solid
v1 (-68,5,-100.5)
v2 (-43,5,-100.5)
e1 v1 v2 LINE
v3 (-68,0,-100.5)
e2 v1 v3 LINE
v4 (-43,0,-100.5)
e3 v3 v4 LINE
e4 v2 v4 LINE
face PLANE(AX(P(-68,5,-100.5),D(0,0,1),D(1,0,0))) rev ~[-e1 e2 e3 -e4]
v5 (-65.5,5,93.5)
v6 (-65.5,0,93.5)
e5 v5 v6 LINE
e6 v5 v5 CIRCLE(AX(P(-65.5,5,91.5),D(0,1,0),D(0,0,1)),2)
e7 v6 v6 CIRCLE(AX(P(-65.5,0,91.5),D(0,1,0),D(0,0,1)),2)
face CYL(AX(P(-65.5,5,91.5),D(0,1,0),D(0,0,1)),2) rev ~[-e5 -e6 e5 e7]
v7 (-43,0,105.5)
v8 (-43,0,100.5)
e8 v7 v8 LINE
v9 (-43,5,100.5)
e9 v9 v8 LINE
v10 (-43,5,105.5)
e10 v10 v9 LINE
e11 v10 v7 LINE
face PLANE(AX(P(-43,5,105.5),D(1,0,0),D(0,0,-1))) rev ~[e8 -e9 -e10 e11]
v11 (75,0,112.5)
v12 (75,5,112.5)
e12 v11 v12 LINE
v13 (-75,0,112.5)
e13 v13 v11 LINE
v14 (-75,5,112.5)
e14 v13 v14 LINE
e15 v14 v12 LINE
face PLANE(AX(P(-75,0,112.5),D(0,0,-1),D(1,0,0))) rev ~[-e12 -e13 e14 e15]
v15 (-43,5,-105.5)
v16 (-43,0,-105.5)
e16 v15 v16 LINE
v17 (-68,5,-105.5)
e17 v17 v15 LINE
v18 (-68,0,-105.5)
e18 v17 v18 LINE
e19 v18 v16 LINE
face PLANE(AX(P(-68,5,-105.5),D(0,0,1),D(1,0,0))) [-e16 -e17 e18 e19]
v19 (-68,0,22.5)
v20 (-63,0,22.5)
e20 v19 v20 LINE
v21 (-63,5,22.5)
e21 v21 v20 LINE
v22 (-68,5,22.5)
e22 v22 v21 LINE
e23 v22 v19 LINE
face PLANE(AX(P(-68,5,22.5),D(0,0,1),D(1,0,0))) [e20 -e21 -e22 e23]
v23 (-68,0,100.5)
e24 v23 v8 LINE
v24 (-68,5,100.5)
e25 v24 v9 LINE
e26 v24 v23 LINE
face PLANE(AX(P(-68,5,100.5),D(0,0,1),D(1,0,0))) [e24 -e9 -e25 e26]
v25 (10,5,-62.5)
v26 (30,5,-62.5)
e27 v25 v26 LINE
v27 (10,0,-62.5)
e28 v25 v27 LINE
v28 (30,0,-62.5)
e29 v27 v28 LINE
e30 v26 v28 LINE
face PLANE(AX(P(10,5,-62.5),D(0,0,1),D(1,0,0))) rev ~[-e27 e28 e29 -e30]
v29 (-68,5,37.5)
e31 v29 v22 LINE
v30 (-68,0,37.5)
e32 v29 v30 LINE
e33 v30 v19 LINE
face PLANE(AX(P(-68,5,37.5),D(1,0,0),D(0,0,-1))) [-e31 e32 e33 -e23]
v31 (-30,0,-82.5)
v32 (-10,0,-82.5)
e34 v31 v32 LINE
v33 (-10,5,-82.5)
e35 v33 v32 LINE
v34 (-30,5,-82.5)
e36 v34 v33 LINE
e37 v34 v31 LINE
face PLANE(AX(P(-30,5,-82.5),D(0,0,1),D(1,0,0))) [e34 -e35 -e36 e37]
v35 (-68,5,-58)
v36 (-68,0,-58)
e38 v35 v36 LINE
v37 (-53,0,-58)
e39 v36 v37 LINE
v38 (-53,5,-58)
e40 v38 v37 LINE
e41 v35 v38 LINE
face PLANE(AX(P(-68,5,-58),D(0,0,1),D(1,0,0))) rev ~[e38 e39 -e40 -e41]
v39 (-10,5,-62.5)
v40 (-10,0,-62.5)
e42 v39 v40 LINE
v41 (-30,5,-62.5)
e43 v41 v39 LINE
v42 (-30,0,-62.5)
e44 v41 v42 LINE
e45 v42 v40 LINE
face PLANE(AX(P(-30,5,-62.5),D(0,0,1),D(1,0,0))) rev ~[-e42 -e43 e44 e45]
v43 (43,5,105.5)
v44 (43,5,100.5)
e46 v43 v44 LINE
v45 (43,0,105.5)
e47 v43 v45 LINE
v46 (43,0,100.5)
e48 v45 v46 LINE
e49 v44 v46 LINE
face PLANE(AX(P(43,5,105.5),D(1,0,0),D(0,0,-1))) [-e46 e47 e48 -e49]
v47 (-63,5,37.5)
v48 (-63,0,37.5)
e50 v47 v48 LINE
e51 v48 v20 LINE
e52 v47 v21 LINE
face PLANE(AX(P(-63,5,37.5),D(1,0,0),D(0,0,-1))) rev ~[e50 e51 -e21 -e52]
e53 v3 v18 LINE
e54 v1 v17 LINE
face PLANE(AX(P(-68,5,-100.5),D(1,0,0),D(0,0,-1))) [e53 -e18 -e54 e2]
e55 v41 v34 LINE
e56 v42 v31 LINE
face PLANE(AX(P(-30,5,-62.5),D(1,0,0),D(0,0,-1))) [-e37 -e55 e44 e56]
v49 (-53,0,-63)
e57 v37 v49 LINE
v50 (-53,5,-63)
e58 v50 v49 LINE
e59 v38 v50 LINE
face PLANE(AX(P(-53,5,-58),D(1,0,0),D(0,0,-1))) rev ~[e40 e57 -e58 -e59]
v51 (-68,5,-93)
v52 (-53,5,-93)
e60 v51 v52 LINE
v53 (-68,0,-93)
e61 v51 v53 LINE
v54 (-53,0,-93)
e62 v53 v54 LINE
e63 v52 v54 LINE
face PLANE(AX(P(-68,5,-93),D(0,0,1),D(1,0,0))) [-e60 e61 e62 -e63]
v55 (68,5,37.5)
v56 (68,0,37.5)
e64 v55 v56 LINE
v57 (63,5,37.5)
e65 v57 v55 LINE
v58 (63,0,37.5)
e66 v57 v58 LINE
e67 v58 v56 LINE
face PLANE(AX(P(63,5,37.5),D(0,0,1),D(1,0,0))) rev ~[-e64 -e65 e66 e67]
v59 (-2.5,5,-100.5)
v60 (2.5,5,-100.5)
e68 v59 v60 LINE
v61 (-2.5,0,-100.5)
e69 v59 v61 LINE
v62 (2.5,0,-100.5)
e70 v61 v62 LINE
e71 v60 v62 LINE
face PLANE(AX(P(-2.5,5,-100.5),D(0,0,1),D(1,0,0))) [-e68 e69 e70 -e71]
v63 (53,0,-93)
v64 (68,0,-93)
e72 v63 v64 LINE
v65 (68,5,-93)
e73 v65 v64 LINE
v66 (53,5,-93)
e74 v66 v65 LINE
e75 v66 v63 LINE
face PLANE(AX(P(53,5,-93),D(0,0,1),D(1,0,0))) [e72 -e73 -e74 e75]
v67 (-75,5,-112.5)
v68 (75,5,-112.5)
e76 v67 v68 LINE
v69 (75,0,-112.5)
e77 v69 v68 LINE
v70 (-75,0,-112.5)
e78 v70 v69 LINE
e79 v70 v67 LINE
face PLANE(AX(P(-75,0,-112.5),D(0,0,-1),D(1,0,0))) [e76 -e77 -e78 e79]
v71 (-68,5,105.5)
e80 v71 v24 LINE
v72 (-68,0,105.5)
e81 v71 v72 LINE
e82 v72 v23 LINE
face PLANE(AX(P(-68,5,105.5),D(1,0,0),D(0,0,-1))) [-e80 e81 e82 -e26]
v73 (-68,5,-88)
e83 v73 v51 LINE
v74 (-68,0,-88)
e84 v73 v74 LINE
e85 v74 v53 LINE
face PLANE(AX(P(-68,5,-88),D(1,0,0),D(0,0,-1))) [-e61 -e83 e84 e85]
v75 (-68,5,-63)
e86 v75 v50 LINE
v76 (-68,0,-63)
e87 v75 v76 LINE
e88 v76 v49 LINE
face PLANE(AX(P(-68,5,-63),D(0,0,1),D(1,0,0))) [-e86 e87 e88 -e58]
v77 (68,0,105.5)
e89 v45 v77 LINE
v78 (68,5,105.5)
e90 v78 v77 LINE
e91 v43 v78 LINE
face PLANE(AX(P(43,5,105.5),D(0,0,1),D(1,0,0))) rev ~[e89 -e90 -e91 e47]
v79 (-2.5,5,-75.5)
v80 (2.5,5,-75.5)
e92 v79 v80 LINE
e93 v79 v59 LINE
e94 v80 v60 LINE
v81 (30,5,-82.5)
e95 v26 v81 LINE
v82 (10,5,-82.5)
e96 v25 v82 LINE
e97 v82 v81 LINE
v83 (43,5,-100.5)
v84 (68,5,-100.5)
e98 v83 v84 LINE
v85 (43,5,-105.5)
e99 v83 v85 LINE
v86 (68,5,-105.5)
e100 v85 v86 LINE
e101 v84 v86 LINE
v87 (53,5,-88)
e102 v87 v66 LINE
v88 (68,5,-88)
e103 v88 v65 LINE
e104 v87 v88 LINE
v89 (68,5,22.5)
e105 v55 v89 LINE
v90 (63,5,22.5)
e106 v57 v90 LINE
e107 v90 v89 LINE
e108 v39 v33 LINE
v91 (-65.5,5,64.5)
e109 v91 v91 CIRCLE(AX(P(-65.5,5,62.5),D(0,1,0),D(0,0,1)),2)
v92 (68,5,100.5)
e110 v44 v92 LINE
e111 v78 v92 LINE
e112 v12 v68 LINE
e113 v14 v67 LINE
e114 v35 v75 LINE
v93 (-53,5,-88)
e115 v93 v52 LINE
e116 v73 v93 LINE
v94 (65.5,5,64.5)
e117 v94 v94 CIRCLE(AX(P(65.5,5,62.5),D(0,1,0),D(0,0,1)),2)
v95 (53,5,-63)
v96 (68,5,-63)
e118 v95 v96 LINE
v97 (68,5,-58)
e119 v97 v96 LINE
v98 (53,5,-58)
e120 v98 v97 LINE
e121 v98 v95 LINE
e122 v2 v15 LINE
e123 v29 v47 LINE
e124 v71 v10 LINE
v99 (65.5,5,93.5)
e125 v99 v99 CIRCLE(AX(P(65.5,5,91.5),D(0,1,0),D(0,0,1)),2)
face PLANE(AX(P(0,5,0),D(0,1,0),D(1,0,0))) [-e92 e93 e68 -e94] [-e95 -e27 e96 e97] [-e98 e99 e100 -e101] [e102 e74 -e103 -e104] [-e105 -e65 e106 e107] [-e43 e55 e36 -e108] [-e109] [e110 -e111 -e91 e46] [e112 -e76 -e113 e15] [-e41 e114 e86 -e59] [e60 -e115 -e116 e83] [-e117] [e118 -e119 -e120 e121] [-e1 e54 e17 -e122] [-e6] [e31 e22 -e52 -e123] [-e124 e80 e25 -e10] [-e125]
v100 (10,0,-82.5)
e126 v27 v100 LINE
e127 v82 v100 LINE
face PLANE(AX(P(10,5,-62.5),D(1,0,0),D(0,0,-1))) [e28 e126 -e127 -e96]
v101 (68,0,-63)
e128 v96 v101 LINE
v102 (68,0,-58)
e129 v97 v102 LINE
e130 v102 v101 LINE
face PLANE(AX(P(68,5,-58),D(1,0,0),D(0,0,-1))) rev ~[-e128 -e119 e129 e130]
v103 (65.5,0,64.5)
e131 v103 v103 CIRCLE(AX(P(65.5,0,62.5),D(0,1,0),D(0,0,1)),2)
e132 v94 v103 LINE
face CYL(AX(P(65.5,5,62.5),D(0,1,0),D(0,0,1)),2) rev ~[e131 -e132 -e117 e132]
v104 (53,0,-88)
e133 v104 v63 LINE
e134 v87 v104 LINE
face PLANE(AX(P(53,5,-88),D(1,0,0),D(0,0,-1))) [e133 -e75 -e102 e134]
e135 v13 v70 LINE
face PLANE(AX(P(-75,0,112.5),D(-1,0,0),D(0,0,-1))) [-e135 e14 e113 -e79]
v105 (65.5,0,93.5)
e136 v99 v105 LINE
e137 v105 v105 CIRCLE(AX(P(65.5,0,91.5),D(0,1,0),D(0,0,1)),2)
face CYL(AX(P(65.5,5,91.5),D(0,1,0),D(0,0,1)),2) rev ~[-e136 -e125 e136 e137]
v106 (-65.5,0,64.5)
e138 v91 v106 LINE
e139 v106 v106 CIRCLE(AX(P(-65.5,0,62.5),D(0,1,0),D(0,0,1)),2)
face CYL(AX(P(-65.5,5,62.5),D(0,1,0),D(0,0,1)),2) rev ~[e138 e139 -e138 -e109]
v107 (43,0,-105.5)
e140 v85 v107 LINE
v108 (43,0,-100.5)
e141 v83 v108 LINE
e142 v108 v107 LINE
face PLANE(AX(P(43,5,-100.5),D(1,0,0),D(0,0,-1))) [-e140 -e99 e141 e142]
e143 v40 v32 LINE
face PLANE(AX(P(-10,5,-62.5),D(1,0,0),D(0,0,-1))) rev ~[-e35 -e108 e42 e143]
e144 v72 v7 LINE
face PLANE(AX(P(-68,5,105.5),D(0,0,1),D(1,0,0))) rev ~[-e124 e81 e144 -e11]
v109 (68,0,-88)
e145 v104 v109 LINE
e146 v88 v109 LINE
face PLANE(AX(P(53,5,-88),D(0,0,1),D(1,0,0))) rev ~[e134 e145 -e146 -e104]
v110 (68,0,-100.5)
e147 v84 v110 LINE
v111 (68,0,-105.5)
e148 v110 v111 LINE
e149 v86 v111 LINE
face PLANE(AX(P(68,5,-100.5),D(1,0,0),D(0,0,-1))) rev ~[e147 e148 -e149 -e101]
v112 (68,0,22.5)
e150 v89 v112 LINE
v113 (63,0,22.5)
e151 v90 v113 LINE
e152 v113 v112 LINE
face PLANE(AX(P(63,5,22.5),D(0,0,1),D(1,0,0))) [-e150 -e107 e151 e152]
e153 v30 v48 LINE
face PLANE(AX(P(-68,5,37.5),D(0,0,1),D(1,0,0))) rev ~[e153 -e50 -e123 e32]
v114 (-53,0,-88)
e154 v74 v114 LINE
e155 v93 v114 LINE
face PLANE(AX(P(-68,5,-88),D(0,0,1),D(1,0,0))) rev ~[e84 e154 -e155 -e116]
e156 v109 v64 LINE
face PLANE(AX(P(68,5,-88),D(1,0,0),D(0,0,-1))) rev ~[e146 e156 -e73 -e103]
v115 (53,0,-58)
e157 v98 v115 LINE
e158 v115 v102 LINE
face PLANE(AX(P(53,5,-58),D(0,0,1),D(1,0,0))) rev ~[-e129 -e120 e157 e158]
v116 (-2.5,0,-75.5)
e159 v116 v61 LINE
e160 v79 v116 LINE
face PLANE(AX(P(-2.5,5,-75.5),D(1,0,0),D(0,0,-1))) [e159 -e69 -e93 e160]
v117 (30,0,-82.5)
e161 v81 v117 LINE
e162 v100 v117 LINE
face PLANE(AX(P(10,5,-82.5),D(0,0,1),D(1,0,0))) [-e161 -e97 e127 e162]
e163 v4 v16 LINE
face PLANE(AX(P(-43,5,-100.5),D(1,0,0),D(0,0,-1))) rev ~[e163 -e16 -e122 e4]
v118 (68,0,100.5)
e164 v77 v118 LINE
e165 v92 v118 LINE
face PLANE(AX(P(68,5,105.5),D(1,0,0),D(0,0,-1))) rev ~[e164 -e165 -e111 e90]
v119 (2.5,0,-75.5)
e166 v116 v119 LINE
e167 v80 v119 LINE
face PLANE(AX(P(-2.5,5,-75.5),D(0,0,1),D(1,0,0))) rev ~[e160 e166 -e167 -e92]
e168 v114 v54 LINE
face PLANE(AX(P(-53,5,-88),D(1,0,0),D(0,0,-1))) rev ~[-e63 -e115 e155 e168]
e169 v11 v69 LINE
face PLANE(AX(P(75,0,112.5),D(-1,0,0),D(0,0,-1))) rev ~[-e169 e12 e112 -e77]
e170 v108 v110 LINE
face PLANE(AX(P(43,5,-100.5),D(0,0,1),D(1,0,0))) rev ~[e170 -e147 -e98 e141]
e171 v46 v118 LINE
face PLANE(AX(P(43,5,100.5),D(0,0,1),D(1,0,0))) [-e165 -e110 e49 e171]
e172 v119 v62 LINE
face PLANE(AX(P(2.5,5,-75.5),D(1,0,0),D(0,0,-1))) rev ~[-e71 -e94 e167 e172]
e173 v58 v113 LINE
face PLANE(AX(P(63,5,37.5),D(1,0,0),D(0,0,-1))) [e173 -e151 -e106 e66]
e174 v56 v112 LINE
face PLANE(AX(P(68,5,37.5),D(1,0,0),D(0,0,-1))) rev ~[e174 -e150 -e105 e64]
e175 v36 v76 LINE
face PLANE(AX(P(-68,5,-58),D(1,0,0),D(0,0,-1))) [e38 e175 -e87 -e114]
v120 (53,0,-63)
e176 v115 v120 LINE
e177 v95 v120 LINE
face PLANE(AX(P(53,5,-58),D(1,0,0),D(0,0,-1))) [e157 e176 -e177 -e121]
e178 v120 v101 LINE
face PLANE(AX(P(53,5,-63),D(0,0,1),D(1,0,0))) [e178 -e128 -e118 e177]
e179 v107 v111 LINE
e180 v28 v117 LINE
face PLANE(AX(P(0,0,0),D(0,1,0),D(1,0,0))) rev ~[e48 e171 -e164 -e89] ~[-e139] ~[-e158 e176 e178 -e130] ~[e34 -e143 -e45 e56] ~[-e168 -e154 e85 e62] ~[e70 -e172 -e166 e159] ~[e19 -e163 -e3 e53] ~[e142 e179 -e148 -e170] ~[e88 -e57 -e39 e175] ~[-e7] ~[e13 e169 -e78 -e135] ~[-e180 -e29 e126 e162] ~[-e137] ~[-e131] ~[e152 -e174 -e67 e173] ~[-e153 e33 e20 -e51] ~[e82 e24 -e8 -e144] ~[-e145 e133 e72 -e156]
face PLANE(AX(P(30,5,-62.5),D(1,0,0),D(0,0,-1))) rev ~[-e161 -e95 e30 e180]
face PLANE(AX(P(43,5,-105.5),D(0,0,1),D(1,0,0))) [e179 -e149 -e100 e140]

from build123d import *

# Parameters (mm, degrees)
SKETCH1_W           = 150
SKETCH1_H           = 225
BOSS_EXTRUDE1_DEPTH = 5
SKETCH10_W          = 25
SKETCH10_H          = 5
CUT_EXTRUDE5_DEPTH  = 5
SKETCH11_W          = 15
SKETCH11_H          = 5
CUT_EXTRUDE6_DEPTH  = 5
SKETCH12_W          = 5
SKETCH12_H          = 15
CUT_EXTRUDE7_DEPTH  = 5
SKETCH13_R          = 2
CUT_EXTRUDE8_DEPTH  = 5
SKETCH14_W          = 20
SKETCH14_H          = 20
CUT_EXTRUDE9_DEPTH  = 5
SKETCH15_W          = 5
SKETCH15_H          = 25
CUT_EXTRUDE10_DEPTH = 5


with BuildPart() as part:
    # Sketch1 → Boss-Extrude1 (new body)
    with BuildSketch(Plane(origin=(0, 0, 0), x_dir=(1, 0, 0), z_dir=(0, 1, 0))):
        Rectangle(SKETCH1_W, SKETCH1_H)
    extrude(amount=BOSS_EXTRUDE1_DEPTH)

    # Sketch10 → Cut-Extrude5 (cut)
    with BuildSketch(Plane(origin=(0, 5, 0), x_dir=(1, 0, 0), z_dir=(0, 1, 0))):
        with Locations((-55.5, -103)):
            Rectangle(SKETCH10_W, SKETCH10_H)
        with Locations((-55.5, 103)):
            Rectangle(SKETCH10_W, SKETCH10_H)
        with Locations((55.5, -103)):
            Rectangle(SKETCH10_W, SKETCH10_H)
        with Locations((55.5, 103)):
            Rectangle(SKETCH10_W, SKETCH10_H)
    extrude(amount=-CUT_EXTRUDE5_DEPTH, mode=Mode.SUBTRACT)

    # Sketch11 → Cut-Extrude6 (cut)
    with BuildSketch(Plane(origin=(0, 5, 0), x_dir=(1, 0, 0), z_dir=(0, 1, 0))):
        with Locations((-60.5, 90.5)):
            Rectangle(SKETCH11_W, SKETCH11_H)
        with Locations((60.5, 90.5)):
            Rectangle(SKETCH11_W, SKETCH11_H)
        with Locations((-60.5, 60.5)):
            Rectangle(SKETCH11_W, SKETCH11_H)
        with Locations((60.5, 60.5)):
            Rectangle(SKETCH11_W, SKETCH11_H)
    extrude(amount=-CUT_EXTRUDE6_DEPTH, mode=Mode.SUBTRACT)

    # Sketch12 → Cut-Extrude7 (cut)
    with BuildSketch(Plane(origin=(0, 5, 0), x_dir=(1, 0, 0), z_dir=(0, 1, 0))):
        with Locations((-65.5, -30)):
            Rectangle(SKETCH12_W, SKETCH12_H)
        with Locations((65.5, -30)):
            Rectangle(SKETCH12_W, SKETCH12_H)
    extrude(amount=-CUT_EXTRUDE7_DEPTH, mode=Mode.SUBTRACT)

    # Sketch13 → Cut-Extrude8 (cut)
    with BuildSketch(Plane(origin=(0, 5, 0), x_dir=(1, 0, 0), z_dir=(0, 1, 0))):
        with Locations(Location((-65.5, -62.5, 0), (0, 0, 270))):
            Circle(SKETCH13_R)
        with Locations(Location((-65.5, -91.5, 0), (0, 0, 270))):
            Circle(SKETCH13_R)
        with Locations(Location((65.5, -91.5, 0), (0, 0, 270))):
            Circle(SKETCH13_R)
        with Locations(Location((65.5, -62.5, 0), (0, 0, 270))):
            Circle(SKETCH13_R)
    extrude(amount=-CUT_EXTRUDE8_DEPTH, mode=Mode.SUBTRACT)

    # Sketch14 → Cut-Extrude9 (cut)
    with BuildSketch(Plane(origin=(0, 5, 0), x_dir=(1, 0, 0), z_dir=(0, 1, 0))):
        with Locations((20, 72.5)):
            Rectangle(SKETCH14_W, SKETCH14_H)
        with Locations((-20, 72.5)):
            Rectangle(SKETCH14_W, SKETCH14_H)
    extrude(amount=-CUT_EXTRUDE9_DEPTH, mode=Mode.SUBTRACT)

    # Sketch15 → Cut-Extrude10 (cut)
    with BuildSketch(Plane(origin=(0, 5, 0), x_dir=(1, 0, 0), z_dir=(0, 1, 0))):
        with Locations((0, 88)):
            Rectangle(SKETCH15_W, SKETCH15_H)
    extrude(amount=-CUT_EXTRUDE10_DEPTH, mode=Mode.SUBTRACT)


solid = part.part
